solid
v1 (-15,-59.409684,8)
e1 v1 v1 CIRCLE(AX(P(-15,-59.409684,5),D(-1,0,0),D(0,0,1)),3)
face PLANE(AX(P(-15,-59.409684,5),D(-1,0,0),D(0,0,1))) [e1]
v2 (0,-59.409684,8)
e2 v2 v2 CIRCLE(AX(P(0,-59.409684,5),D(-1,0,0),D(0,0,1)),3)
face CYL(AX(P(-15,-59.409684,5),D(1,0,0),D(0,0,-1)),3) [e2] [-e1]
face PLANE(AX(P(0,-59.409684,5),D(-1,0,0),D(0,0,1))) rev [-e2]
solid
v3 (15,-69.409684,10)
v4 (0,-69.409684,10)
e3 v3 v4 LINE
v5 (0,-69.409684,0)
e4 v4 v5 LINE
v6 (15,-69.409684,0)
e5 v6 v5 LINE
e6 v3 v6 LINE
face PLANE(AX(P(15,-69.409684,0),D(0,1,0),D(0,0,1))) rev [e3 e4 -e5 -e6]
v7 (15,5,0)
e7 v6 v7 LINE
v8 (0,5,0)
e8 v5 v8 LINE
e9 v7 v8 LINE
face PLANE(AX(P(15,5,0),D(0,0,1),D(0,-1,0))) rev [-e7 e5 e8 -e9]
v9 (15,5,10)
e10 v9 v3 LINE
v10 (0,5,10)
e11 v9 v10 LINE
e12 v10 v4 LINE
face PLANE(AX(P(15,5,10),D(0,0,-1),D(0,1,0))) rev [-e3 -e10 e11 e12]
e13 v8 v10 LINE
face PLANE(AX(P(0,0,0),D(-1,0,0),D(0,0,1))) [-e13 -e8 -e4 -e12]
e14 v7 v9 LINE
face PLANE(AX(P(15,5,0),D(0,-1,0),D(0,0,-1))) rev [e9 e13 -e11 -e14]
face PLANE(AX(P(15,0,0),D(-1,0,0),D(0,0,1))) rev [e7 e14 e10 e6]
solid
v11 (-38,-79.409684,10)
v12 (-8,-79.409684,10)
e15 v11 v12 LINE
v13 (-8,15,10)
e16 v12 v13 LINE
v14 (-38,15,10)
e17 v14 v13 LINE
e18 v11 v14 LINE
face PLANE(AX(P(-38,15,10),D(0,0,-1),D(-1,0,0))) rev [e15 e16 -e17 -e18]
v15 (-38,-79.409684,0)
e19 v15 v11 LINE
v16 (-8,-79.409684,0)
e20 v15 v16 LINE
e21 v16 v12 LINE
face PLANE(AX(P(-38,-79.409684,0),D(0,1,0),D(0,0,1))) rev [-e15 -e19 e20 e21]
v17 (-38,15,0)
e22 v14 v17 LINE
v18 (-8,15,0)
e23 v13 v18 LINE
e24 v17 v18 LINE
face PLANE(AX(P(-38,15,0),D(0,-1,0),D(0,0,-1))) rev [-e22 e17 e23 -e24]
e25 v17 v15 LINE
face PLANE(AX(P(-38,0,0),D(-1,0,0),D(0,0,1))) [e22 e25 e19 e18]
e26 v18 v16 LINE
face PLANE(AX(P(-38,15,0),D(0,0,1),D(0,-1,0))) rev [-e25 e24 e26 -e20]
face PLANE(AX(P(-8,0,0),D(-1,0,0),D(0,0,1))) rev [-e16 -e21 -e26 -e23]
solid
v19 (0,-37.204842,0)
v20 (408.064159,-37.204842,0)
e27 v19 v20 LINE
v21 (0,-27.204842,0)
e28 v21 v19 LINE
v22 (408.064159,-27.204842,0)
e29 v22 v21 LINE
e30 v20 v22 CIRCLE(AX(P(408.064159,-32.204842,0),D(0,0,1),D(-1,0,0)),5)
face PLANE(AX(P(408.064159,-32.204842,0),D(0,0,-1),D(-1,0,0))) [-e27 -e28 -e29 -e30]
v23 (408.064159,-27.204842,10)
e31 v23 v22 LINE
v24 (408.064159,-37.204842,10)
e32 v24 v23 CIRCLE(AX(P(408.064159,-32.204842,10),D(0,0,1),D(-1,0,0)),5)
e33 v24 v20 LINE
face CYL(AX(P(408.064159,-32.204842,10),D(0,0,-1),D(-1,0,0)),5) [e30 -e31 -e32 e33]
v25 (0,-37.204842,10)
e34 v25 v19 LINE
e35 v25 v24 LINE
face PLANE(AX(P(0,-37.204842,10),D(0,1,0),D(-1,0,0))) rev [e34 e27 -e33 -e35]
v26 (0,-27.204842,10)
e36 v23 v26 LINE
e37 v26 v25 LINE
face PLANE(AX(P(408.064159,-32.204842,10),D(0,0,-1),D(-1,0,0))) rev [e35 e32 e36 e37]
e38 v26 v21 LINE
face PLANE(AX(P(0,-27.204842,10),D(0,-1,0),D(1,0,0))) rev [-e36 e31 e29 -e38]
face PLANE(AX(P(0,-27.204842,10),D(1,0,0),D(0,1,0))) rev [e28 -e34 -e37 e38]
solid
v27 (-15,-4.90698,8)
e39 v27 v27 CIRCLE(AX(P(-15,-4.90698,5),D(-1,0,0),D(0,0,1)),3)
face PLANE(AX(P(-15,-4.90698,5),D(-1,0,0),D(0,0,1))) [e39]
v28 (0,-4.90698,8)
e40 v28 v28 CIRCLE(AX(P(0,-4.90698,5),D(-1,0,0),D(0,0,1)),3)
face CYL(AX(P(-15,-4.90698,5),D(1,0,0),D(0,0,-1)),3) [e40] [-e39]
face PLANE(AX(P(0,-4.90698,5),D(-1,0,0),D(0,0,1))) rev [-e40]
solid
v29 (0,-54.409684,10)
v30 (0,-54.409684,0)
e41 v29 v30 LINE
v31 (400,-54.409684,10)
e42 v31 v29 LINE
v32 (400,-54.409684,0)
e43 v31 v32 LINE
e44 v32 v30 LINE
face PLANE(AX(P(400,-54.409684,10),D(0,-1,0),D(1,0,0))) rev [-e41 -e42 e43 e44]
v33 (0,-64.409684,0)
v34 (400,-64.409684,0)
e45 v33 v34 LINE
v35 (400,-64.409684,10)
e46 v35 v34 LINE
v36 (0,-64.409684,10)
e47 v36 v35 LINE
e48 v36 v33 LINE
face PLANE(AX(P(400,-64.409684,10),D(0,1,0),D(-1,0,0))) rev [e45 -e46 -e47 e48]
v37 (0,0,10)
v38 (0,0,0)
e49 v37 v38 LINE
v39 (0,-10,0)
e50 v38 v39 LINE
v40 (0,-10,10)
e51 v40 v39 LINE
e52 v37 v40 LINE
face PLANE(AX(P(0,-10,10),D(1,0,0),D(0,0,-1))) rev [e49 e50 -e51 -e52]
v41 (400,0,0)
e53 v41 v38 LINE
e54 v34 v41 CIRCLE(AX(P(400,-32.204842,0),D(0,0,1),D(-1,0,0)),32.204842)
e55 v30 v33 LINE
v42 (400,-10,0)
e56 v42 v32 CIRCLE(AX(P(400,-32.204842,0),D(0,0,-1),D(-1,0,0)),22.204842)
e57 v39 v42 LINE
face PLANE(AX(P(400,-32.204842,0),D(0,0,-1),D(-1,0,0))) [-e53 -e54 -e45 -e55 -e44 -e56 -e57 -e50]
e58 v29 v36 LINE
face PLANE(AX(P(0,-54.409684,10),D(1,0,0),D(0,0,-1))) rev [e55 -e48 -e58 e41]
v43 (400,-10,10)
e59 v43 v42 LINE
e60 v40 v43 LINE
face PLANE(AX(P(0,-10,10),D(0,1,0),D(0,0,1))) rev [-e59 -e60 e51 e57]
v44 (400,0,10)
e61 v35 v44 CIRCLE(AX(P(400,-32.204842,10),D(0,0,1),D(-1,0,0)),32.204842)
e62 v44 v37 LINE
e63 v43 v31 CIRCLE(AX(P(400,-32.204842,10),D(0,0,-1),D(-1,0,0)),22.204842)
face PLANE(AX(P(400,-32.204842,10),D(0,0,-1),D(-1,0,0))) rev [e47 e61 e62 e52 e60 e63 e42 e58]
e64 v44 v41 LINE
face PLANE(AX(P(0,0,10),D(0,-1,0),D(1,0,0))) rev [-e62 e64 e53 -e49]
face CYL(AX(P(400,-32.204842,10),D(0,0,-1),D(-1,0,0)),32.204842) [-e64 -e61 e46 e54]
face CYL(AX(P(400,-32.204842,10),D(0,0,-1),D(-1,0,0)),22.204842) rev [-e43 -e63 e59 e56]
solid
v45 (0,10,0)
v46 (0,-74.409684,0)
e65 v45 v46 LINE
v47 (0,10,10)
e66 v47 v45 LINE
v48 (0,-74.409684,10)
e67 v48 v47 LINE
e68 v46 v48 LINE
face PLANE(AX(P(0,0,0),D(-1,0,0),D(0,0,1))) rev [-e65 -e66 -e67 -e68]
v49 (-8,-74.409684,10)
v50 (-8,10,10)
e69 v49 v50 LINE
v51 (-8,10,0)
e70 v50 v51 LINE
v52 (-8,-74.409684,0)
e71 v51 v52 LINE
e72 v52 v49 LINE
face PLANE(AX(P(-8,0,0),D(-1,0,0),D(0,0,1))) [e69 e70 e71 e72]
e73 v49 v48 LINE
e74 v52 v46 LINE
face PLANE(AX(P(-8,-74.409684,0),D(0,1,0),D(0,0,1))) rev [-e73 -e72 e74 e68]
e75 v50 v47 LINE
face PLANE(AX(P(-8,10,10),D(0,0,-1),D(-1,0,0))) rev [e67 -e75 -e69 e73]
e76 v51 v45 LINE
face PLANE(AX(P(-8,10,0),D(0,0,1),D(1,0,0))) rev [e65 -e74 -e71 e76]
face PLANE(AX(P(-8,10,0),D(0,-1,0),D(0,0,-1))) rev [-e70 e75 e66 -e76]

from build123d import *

# Parameters (mm, degrees)
BOSS_EXTRUDE1_DEPTH   = 10
BOSS_EXTRUDE1_2_DEPTH = 10
SKETCH2_R             = 3
BOSS_EXTRUDE2_DEPTH   = 15
SKETCH3_R             = 3
BOSS_EXTRUDE3_DEPTH   = 15
SKETCH4_W             = 10
SKETCH4_H             = 74.409684446
BOSS_EXTRUDE4_DEPTH   = 15
SKETCH5_W             = 10
SKETCH5_H             = 84.409684446
BOSS_EXTRUDE5_DEPTH   = 8
SKETCH6_W             = 10
SKETCH6_H             = 94.409684446
BOSS_EXTRUDE6_DEPTH   = 30


with BuildPart() as part:
    # Sketch1 → Boss-Extrude1 (new body)
    with BuildSketch(Plane.XY):
        with BuildLine():
            Line((0, 0), (400, 0))
            ThreePointArc((400, 0), (432.204842223, -32.204842223), (400, -64.409684446))
            Line((400, -64.409684446), (0, -64.409684446))
            Line((0, -64.409684446), (0, -54.409684446))
            Line((0, -54.409684446), (400, -54.409684446))
            ThreePointArc((400, -54.409684446), (422.204842223, -32.204842223), (400, -10))
            Line((400, -10), (0, -10))
            Line((0, -10), (0, 0))
        make_face()
    extrude(amount=BOSS_EXTRUDE1_DEPTH)


with BuildPart() as body_2:
    # Sketch1 → Boss-Extrude1 2 (new body)
    with BuildSketch(Plane.XY):
        with BuildLine():
            Line((0, -27.204842223), (408.064158914, -27.204842223))
            ThreePointArc((408.064158914, -27.204842223), (413.064158914, -32.204842223), (408.064158914, -37.204842223))
            Line((408.064158914, -37.204842223), (0, -37.204842223))
            Line((0, -37.204842223), (0, -27.204842223))
        make_face()
    extrude(amount=BOSS_EXTRUDE1_2_DEPTH)


with BuildPart() as body_3:
    # Sketch2 → Boss-Extrude2 (new body)
    with BuildSketch(Plane.ZY):
        with Locations((5, -4.906979909)):
            Circle(SKETCH2_R)
    extrude(amount=BOSS_EXTRUDE2_DEPTH)


with BuildPart() as body_4:
    # Sketch3 → Boss-Extrude3 (new body)
    with BuildSketch(Plane.ZY):
        with Locations((5, -59.409684446)):
            Circle(SKETCH3_R)
    extrude(amount=BOSS_EXTRUDE3_DEPTH)


with BuildPart() as body_5:
    # Sketch4 → Boss-Extrude4 (new body)
    with BuildSketch(Plane(origin=(0, 0, 0), x_dir=(0, 0, -1), z_dir=(1, 0, 0))):
        with Locations((-5, -32.204842223)):
            Rectangle(SKETCH4_W, SKETCH4_H)
    extrude(amount=BOSS_EXTRUDE4_DEPTH)


with BuildPart() as body_6:
    # Sketch5 → Boss-Extrude5 (new body)
    with BuildSketch(Plane.ZY):
        with Locations((5, -32.204842223)):
            Rectangle(SKETCH5_W, SKETCH5_H)
    extrude(amount=BOSS_EXTRUDE5_DEPTH)


with BuildPart() as body_7:
    # Sketch6 → Boss-Extrude6 (new body)
    with BuildSketch(Plane.ZY.offset(8)):
        with Locations((5, -32.204842223)):
            Rectangle(SKETCH6_W, SKETCH6_H)
    extrude(amount=BOSS_EXTRUDE6_DEPTH)


solid = Compound([part.part, body_2.part, body_3.part, body_4.part, body_5.part, body_6.part, body_7.part])
